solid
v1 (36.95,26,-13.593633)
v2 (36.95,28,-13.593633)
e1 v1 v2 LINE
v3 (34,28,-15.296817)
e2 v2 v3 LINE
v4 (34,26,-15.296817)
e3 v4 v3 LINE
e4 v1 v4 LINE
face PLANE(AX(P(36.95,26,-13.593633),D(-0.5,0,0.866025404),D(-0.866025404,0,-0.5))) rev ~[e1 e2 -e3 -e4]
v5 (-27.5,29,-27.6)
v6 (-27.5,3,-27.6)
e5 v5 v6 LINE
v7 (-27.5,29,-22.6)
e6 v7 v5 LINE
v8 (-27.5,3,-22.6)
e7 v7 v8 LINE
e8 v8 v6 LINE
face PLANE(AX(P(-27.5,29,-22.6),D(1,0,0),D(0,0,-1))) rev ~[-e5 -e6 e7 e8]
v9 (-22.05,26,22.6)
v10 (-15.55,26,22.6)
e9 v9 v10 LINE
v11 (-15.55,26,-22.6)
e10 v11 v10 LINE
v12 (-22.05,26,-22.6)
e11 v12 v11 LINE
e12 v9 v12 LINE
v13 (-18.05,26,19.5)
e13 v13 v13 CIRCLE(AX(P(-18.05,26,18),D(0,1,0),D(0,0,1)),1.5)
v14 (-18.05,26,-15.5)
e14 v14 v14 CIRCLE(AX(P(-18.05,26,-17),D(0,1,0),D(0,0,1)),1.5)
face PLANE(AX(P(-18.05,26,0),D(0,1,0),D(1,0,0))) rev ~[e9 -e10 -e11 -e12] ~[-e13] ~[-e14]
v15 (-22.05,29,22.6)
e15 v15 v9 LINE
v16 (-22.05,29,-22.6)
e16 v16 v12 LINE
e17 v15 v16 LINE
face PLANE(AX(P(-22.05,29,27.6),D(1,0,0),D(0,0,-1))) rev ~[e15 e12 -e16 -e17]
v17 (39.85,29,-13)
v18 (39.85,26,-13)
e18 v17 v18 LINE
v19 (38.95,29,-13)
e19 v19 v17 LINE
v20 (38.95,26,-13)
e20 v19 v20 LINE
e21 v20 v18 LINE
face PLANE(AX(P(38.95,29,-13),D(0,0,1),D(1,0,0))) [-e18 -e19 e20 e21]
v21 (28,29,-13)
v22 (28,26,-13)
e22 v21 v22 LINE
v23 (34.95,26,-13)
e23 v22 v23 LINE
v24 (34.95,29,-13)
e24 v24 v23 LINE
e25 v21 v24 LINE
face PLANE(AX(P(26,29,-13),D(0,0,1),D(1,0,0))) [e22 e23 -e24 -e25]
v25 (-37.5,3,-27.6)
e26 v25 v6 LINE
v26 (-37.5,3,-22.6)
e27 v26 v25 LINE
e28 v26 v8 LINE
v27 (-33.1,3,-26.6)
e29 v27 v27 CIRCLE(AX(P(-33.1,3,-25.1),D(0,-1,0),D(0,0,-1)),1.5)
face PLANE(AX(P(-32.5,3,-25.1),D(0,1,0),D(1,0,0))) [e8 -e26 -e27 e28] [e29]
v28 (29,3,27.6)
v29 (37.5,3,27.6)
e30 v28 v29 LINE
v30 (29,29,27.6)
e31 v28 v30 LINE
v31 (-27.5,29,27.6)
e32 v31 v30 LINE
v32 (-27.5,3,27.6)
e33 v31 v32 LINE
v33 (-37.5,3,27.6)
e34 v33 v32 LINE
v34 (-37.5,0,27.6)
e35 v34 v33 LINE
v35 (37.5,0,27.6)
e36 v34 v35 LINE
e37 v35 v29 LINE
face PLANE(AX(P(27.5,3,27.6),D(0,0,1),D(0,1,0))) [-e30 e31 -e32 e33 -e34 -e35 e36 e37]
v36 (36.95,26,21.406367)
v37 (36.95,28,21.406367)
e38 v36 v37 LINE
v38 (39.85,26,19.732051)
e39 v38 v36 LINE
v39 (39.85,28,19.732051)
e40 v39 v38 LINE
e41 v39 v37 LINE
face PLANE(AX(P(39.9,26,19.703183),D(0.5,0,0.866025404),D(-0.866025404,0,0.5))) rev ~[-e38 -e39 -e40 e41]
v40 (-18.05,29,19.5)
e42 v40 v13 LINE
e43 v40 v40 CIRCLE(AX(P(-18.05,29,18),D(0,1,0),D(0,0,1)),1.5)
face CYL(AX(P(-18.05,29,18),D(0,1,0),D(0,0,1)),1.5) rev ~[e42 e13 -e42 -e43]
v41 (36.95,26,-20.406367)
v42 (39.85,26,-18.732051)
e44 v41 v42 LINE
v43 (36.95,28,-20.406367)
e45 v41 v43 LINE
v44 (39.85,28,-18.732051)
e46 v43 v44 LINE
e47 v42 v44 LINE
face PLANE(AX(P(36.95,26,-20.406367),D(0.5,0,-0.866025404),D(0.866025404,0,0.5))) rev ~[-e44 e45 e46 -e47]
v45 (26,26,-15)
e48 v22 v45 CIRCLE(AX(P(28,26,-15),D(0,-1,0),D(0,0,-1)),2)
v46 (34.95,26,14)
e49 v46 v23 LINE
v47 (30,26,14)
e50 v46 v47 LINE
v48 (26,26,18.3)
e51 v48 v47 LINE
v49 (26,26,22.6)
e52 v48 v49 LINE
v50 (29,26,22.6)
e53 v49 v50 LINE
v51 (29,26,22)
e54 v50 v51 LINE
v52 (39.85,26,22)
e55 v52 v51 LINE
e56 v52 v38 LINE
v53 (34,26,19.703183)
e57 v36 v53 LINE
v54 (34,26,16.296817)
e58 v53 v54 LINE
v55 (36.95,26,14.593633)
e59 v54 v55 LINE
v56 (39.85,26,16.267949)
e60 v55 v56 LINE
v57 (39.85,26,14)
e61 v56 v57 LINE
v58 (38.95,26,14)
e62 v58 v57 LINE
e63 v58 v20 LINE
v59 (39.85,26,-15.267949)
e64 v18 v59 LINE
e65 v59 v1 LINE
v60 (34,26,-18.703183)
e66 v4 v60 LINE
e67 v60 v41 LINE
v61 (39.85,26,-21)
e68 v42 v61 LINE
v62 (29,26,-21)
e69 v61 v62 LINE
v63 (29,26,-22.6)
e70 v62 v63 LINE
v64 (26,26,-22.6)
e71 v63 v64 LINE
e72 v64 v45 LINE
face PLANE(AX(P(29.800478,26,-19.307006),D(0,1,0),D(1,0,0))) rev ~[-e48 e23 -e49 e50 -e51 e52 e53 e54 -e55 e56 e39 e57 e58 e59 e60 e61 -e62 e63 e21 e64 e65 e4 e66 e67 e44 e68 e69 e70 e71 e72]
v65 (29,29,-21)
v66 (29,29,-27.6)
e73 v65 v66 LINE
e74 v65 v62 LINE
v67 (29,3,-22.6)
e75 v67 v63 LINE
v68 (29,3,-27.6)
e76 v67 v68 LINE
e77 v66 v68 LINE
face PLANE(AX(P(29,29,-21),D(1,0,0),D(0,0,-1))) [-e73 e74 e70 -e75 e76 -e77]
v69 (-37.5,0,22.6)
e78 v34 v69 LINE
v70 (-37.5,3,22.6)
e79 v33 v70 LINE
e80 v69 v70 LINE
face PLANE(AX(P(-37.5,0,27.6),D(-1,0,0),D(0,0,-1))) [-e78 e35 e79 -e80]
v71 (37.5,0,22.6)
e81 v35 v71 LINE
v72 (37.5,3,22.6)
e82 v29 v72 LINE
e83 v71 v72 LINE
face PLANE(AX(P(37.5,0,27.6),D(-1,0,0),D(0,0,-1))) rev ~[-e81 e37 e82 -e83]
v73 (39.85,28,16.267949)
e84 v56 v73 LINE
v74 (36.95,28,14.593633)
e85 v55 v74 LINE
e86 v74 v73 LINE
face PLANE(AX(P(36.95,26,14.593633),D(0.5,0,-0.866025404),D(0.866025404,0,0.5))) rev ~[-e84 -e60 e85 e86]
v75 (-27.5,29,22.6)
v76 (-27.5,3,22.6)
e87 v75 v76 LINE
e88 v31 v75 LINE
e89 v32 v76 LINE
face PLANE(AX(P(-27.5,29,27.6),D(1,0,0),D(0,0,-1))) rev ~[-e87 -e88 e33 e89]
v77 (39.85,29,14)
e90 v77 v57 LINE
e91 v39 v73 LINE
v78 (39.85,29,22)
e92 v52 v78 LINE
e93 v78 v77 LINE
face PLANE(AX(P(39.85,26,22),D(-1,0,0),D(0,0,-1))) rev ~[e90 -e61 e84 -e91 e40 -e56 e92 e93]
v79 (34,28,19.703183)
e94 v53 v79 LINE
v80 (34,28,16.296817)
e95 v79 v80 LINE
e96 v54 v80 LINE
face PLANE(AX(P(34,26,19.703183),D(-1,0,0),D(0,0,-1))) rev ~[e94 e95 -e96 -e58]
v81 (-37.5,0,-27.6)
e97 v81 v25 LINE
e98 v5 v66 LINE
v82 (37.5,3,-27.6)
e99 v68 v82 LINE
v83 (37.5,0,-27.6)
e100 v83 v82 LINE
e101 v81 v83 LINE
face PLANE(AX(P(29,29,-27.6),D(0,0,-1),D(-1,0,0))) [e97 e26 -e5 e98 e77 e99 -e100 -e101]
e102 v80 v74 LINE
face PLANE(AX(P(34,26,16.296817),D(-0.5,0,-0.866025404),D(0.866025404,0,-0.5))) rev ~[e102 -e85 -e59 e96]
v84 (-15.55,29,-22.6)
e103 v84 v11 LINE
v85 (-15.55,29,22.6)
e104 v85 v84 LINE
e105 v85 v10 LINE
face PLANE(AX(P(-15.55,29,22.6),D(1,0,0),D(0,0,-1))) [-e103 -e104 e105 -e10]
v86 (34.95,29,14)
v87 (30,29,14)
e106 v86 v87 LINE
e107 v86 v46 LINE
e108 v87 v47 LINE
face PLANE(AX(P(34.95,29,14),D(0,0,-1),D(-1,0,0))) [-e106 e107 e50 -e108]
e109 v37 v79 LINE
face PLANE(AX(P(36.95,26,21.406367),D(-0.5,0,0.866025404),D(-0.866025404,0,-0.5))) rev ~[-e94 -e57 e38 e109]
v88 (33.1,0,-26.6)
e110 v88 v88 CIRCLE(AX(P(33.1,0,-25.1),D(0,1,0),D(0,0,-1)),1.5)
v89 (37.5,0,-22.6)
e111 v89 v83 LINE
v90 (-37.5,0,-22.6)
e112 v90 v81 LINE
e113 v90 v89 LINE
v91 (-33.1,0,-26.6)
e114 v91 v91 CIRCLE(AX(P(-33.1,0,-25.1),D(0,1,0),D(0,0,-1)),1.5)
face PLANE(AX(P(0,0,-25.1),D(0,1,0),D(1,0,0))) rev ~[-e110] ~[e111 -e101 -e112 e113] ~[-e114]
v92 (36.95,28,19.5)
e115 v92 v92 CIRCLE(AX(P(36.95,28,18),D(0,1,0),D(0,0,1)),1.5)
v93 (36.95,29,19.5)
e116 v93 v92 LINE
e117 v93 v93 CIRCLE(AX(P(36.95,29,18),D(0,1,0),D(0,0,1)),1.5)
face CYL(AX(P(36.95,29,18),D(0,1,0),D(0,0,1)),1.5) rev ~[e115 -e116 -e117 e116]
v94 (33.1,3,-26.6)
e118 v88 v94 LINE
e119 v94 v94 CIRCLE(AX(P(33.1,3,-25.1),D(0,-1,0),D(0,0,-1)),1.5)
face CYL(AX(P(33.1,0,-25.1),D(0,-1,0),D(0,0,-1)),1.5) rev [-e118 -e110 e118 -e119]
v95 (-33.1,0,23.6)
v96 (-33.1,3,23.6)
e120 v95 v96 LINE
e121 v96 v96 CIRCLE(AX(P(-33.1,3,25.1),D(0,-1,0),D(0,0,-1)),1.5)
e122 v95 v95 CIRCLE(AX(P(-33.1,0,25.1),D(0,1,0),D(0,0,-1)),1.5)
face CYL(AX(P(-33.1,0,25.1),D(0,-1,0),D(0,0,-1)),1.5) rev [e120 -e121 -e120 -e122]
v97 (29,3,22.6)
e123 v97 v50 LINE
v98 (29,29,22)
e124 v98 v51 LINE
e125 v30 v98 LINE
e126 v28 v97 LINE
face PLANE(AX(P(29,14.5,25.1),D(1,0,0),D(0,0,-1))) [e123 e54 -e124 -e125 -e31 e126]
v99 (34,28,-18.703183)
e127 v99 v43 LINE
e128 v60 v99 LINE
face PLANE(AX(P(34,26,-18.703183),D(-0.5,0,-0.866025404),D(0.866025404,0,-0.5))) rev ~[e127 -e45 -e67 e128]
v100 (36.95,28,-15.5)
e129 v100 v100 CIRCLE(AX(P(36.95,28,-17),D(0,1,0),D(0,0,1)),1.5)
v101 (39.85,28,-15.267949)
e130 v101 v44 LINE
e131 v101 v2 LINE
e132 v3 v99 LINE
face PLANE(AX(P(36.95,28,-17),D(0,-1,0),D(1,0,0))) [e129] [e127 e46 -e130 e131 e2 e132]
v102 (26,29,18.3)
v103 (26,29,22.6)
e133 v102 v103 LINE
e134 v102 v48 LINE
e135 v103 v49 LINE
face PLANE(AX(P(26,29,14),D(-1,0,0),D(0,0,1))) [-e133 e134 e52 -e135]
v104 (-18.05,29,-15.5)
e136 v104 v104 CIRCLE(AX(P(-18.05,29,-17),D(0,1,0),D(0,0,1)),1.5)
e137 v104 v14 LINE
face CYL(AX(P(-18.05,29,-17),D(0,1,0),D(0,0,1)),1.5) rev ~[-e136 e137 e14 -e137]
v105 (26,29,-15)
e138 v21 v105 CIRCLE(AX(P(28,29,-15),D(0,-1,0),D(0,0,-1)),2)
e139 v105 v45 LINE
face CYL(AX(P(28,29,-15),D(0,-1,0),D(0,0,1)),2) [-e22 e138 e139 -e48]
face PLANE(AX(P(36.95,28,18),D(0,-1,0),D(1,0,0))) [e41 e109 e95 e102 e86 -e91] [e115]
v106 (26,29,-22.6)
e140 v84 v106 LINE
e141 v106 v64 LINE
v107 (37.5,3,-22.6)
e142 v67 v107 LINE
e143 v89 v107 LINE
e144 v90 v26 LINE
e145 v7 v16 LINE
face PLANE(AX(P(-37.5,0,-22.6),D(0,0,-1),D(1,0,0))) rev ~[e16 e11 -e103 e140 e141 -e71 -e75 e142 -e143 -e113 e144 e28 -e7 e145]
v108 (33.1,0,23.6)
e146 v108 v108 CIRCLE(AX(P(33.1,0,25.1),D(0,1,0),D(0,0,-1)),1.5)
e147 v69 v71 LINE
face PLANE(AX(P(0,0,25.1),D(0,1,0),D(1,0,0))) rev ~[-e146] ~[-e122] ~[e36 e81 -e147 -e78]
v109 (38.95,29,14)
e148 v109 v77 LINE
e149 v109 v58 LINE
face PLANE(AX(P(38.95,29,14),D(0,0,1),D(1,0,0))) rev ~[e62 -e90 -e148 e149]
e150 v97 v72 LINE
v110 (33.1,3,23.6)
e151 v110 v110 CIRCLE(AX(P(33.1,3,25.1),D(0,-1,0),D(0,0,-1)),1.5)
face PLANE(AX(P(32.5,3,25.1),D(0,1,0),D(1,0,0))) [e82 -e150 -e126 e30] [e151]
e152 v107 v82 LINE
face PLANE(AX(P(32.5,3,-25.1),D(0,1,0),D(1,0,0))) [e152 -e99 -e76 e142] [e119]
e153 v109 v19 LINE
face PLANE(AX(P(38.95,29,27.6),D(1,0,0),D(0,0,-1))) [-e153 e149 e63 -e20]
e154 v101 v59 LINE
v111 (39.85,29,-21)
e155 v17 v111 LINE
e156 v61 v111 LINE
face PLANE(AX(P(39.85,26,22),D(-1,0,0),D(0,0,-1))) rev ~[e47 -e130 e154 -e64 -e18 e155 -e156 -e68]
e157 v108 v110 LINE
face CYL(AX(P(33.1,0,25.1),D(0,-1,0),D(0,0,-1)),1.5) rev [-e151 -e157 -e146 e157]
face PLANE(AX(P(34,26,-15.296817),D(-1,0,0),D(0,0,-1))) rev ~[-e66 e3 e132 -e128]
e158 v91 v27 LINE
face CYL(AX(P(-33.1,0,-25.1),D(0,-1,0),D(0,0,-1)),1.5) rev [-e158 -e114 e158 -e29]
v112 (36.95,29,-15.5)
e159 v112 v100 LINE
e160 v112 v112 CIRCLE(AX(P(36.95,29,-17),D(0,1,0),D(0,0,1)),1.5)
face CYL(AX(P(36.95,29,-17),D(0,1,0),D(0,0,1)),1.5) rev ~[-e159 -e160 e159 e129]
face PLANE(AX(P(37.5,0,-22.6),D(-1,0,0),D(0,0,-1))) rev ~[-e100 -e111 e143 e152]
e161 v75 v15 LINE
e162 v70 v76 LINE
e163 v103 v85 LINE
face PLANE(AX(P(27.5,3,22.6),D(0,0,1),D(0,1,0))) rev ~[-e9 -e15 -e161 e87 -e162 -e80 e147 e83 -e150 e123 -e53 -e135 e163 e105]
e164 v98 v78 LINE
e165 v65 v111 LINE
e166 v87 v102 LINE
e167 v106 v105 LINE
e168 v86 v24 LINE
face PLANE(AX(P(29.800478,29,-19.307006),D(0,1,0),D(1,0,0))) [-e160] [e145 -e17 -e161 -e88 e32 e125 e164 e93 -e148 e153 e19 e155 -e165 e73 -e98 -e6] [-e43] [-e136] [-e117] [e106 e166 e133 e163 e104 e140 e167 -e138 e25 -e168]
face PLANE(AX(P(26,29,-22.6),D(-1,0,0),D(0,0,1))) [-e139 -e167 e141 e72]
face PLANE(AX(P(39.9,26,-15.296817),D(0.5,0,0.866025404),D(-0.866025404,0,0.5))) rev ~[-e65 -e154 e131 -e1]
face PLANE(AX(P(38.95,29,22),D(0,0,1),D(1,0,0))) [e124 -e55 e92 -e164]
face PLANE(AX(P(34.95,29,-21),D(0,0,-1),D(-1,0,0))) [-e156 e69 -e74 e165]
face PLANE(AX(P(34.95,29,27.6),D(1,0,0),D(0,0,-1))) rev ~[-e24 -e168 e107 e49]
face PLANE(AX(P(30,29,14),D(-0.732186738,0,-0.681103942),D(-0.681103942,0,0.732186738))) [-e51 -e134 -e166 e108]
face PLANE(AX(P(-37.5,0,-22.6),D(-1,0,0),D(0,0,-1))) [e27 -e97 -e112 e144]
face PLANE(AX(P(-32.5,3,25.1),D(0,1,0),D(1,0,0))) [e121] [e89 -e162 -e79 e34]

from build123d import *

# Parameters (mm, degrees)
SZKIC1_W                      = 75
SZKIC1_H                      = 5
SZKIC1_R                      = 1.5
DODANIE_WYCI_GNI_CIE1_DEPTH   = 29
DODANIE_WYCI_GNI_CIE1_2_DEPTH = 29
SZKIC2_W                      = 10
SZKIC2_H                      = 5
WYTNIJ_WYCI_GNI_CIE1_DEPTH    = 26
SZKIC3_W                      = 4
SZKIC3_H                      = 55.2
SZKIC3_R                      = 1.5
SZKIC3_W_2                    = 8
DODANIE_WYCI_GNI_CIE6_DEPTH   = 3
SZKIC8_W                      = 2
SZKIC8_H                      = 8
DODANIE_WYCI_GNI_CIE7_DEPTH   = 3
WYTNIJ_WYCI_GNI_CIE3_REACH    = 59.268
SZKIC9_W                      = 4
SZKIC9_H                      = 6.6
SZKIC9_H_2                    = 5.6
WYTNIJ_WYCI_GNI_CIE4_DEPTH    = 2
WYTNIJ_WYCI_GNI_CIE5_START    = -3
SZKIC11_W                     = 1.1
SZKIC11_H                     = 43
WYTNIJ_WYCI_GNI_CIE5_DEPTH    = 3
SZKIC12_W                     = 5
SZKIC12_H                     = 23
DODANIE_WYCI_GNI_CIE8_DEPTH   = 1.5
WYTNIJ_WYCI_GNI_CIE6_REACH    = 58.487
ZAOKR_GLENIE1_R               = 2
WYTNIJ_WYCI_GNI_CIE7_REACH    = 58.487
SZKIC14_W                     = 1.5
SZKIC14_H                     = 45.2


with BuildPart() as part:
    # Szkic1 → Dodanie-wyciągnięcie1 (new body)
    with BuildSketch(Plane(origin=(0, 0, 0), x_dir=(1, 0, 0), z_dir=(0, 1, 0))):
        with Locations((0, 25.1)):
            Rectangle(SZKIC1_W, SZKIC1_H)
        with Locations(Location((-33.1, 25.1, 0), (0, 0, 90))):
            Circle(SZKIC1_R, mode=Mode.SUBTRACT)
        with Locations(Location((33.1, 25.1, 0), (0, 0, 90))):
            Circle(SZKIC1_R, mode=Mode.SUBTRACT)
    extrude(amount=DODANIE_WYCI_GNI_CIE1_DEPTH)


with BuildPart() as body_2:
    # Szkic1 → Dodanie-wyci_gni_cie1 2 (new body)
    with BuildSketch(Plane(origin=(0, 0, 0), x_dir=(1, 0, 0), z_dir=(0, 1, 0))):
        with Locations((0, -25.1)):
            Rectangle(SZKIC1_W, SZKIC1_H)
        with Locations(Location((33.1, -25.1, 0), (0, 0, 90))):
            Circle(SZKIC1_R, mode=Mode.SUBTRACT)
        with Locations(Location((-33.1, -25.1, 0), (0, 0, 90))):
            Circle(SZKIC1_R, mode=Mode.SUBTRACT)
    extrude(amount=DODANIE_WYCI_GNI_CIE1_2_DEPTH)


with BuildPart() as wytnij_wyci_gni_cie1_tool:
    # Szkic2 → Wytnij-wyciągnięcie1 (new body)
    with BuildSketch(Plane(origin=(0, 29, 0), x_dir=(1, 0, 0), z_dir=(0, 1, 0))):
        with Locations((-32.5, 25.1)):
            Rectangle(SZKIC2_W, SZKIC2_H)
        with Locations((32.5, 25.1)):
            Rectangle(SZKIC2_W, SZKIC2_H)
        with Locations((32.5, -25.1)):
            Rectangle(SZKIC2_W, SZKIC2_H)
        with Locations((-32.5, -25.1)):
            Rectangle(SZKIC2_W, SZKIC2_H)
    extrude(amount=-WYTNIJ_WYCI_GNI_CIE1_DEPTH)


with BuildPart() as part_1:
    add(part.part)

    # Wytnij-wyciągnięcie1: cut by wytnij_wyci_gni_cie1_tool
    add(wytnij_wyci_gni_cie1_tool.part, mode=Mode.SUBTRACT)



with BuildPart() as body_2_1:
    add(body_2.part)

    # Wytnij-wyciągnięcie1: cut by wytnij_wyci_gni_cie1_tool
    add(wytnij_wyci_gni_cie1_tool.part, mode=Mode.SUBTRACT)


with BuildPart() as part_2:
    add(part_1.part)

    add(body_2_1.part)  # Dodanie-wyciągnięcie6 merges body 2
    # Szkic3 → Dodanie-wyciągnięcie6 (add)
    # profile 1 of 2: a face of its own
    with BuildSketch(Plane(origin=(0, 29, 0), x_dir=(1, 0, 0), z_dir=(0, 1, 0))):
        with Locations((36.95, 0)):
            Rectangle(SZKIC3_W, SZKIC3_H)
        with Locations(Location((36.95, -18, 0), (0, 0, 270))):
            Circle(SZKIC3_R, mode=Mode.SUBTRACT)
        with Locations(Location((36.95, 17, 0), (0, 0, 270))):
            Circle(SZKIC3_R, mode=Mode.SUBTRACT)
    # profile 2 of 2: a face of its own
    with BuildSketch(Plane(origin=(0, 29, 0), x_dir=(1, 0, 0), z_dir=(0, 1, 0))):
        with Locations((-18.05, 0)):
            Rectangle(SZKIC3_W_2, SZKIC3_H)
        with Locations(Location((-18.05, -18, 0), (0, 0, 270))):
            Circle(SZKIC3_R, mode=Mode.SUBTRACT)
        with Locations(Location((-18.05, 17, 0), (0, 0, 270))):
            Circle(SZKIC3_R, mode=Mode.SUBTRACT)
    extrude(amount=-DODANIE_WYCI_GNI_CIE6_DEPTH)

    # Szkic8 → Dodanie-wyciągnięcie7 (add)
    with BuildSketch(Plane(origin=(0, 29, 0), x_dir=(1, 0, 0), z_dir=(0, 1, 0))):
        Polygon((29, 21), (29, 27.6), (27.5, 27.6), (27.5, 22.6), (26, 22.6), (26, 13), (34.95, 13), (34.95, 21), align=None)
        with Locations((39.95, 17)):
            Rectangle(SZKIC8_W, SZKIC8_H)
        Polygon((34.95, -22), (34.95, -14), (26, -14), (26, -22.6), (27.5, -22.6), (27.5, -27.6), (29, -27.6), (29, -22), align=None)
        with Locations((39.95, -18)):
            Rectangle(SZKIC8_W, SZKIC8_H)
    extrude(amount=-DODANIE_WYCI_GNI_CIE7_DEPTH)

    # Szkic9 → Wytnij-wyciągnięcie3 (cut, up to next)
    with BuildSketch(Plane(origin=(0, 29, 0), x_dir=(1, 0, 0), z_dir=(0, 1, 0)), mode=Mode.PRIVATE) as wytnij_wyci_gni_cie3_sk1:
        with Locations((36.95, 24.3)):
            Rectangle(SZKIC9_W, SZKIC9_H)
    wytnij_wyci_gni_cie3_tool1 = extrude(wytnij_wyci_gni_cie3_sk1.sketch, amount=-WYTNIJ_WYCI_GNI_CIE3_REACH, mode=Mode.PRIVATE) & part_2.part
    # Szkic9 → Wytnij-wyciągnięcie3 (cut, up to next)
    with BuildSketch(Plane(origin=(0, 29, 0), x_dir=(1, 0, 0), z_dir=(0, 1, 0)), mode=Mode.PRIVATE) as wytnij_wyci_gni_cie3_sk2:
        with Locations((36.95, -24.8)):
            Rectangle(SZKIC9_W, SZKIC9_H_2)
    wytnij_wyci_gni_cie3_tool2 = extrude(wytnij_wyci_gni_cie3_sk2.sketch, amount=-WYTNIJ_WYCI_GNI_CIE3_REACH, mode=Mode.PRIVATE) & part_2.part
    add(wytnij_wyci_gni_cie3_tool1.solids().sort_by_distance((36.95, 29, -24.3))[0], mode=Mode.SUBTRACT)
    add(wytnij_wyci_gni_cie3_tool2.solids().sort_by_distance((36.95, 29, 24.8))[0], mode=Mode.SUBTRACT)

    # Szkic10 → Wytnij-wyciągnięcie4 (cut)
    with BuildSketch(Plane.XZ.offset(-26)):
        Polygon((36.95, -13.593633412), (34, -15.296816706), (34, -18.703183294), (36.95, -20.406366588), (39.9, -18.703183294), (39.9, -15.296816706), align=None)
        Polygon((36.95, 21.406366588), (34, 19.703183294), (34, 16.296816706), (36.95, 14.593633412), (39.9, 16.296816706), (39.9, 19.703183294), align=None)
    extrude(amount=-WYTNIJ_WYCI_GNI_CIE4_DEPTH, mode=Mode.SUBTRACT)

    # Szkic11 → Wytnij-wyciągnięcie5 (cut)
    with BuildSketch(Plane(origin=(0, 29, 0), x_dir=(1, 0, 0), z_dir=(0, 1, 0)).offset(WYTNIJ_WYCI_GNI_CIE5_START)):
        with Locations((40.4, -0.5)):
            Rectangle(SZKIC11_W, SZKIC11_H)
    extrude(amount=WYTNIJ_WYCI_GNI_CIE5_DEPTH, mode=Mode.SUBTRACT)

    # Szkic12 → Dodanie-wyciągnięcie8 (add)
    with BuildSketch(Plane(origin=(27.5, 0, 0), x_dir=(0, 0, -1), z_dir=(1, 0, 0))):
        with Locations((-25.1, 14.5)):
            Rectangle(SZKIC12_W, SZKIC12_H)
        with Locations((25.1, 14.5)):
            Rectangle(SZKIC12_W, SZKIC12_H)
    extrude(amount=DODANIE_WYCI_GNI_CIE8_DEPTH)

    # Szkic13 → Wytnij-wyciągnięcie6 (cut, up to next)
    with BuildSketch(Plane(origin=(0, 29, 0), x_dir=(1, 0, 0), z_dir=(0, 1, 0)), mode=Mode.PRIVATE) as wytnij_wyci_gni_cie6_sk1:
        Polygon((26, -14), (30, -14), (26, -18.3), align=None)
    wytnij_wyci_gni_cie6_tool1 = extrude(wytnij_wyci_gni_cie6_sk1.sketch, amount=-WYTNIJ_WYCI_GNI_CIE6_REACH, mode=Mode.PRIVATE) & part_2.part
    add(wytnij_wyci_gni_cie6_tool1.solids().sort_by_distance((27.333333, 29, 15.433333))[0], mode=Mode.SUBTRACT)

    # Zaokrąglenie1
    zaokr_glenie1_edges = [part_2.edges().sort_by_distance(p)[0] for p in [
        (26, 27.5, -13),
    ]]
    fillet(zaokr_glenie1_edges, radius=ZAOKR_GLENIE1_R)

    # Szkic14 → Wytnij-wyciągnięcie7 (cut, up to next)
    with BuildSketch(Plane(origin=(0, 29, 0), x_dir=(1, 0, 0), z_dir=(0, 1, 0)), mode=Mode.PRIVATE) as wytnij_wyci_gni_cie7_sk1:
        with Locations((-14.8, 0)):
            Rectangle(SZKIC14_W, SZKIC14_H)
    wytnij_wyci_gni_cie7_tool1 = extrude(wytnij_wyci_gni_cie7_sk1.sketch, amount=-WYTNIJ_WYCI_GNI_CIE7_REACH, mode=Mode.PRIVATE) & part_2.part
    add(wytnij_wyci_gni_cie7_tool1.solids().sort_by_distance((-14.8, 29, 0))[0], mode=Mode.SUBTRACT)


solid = part_2.part
